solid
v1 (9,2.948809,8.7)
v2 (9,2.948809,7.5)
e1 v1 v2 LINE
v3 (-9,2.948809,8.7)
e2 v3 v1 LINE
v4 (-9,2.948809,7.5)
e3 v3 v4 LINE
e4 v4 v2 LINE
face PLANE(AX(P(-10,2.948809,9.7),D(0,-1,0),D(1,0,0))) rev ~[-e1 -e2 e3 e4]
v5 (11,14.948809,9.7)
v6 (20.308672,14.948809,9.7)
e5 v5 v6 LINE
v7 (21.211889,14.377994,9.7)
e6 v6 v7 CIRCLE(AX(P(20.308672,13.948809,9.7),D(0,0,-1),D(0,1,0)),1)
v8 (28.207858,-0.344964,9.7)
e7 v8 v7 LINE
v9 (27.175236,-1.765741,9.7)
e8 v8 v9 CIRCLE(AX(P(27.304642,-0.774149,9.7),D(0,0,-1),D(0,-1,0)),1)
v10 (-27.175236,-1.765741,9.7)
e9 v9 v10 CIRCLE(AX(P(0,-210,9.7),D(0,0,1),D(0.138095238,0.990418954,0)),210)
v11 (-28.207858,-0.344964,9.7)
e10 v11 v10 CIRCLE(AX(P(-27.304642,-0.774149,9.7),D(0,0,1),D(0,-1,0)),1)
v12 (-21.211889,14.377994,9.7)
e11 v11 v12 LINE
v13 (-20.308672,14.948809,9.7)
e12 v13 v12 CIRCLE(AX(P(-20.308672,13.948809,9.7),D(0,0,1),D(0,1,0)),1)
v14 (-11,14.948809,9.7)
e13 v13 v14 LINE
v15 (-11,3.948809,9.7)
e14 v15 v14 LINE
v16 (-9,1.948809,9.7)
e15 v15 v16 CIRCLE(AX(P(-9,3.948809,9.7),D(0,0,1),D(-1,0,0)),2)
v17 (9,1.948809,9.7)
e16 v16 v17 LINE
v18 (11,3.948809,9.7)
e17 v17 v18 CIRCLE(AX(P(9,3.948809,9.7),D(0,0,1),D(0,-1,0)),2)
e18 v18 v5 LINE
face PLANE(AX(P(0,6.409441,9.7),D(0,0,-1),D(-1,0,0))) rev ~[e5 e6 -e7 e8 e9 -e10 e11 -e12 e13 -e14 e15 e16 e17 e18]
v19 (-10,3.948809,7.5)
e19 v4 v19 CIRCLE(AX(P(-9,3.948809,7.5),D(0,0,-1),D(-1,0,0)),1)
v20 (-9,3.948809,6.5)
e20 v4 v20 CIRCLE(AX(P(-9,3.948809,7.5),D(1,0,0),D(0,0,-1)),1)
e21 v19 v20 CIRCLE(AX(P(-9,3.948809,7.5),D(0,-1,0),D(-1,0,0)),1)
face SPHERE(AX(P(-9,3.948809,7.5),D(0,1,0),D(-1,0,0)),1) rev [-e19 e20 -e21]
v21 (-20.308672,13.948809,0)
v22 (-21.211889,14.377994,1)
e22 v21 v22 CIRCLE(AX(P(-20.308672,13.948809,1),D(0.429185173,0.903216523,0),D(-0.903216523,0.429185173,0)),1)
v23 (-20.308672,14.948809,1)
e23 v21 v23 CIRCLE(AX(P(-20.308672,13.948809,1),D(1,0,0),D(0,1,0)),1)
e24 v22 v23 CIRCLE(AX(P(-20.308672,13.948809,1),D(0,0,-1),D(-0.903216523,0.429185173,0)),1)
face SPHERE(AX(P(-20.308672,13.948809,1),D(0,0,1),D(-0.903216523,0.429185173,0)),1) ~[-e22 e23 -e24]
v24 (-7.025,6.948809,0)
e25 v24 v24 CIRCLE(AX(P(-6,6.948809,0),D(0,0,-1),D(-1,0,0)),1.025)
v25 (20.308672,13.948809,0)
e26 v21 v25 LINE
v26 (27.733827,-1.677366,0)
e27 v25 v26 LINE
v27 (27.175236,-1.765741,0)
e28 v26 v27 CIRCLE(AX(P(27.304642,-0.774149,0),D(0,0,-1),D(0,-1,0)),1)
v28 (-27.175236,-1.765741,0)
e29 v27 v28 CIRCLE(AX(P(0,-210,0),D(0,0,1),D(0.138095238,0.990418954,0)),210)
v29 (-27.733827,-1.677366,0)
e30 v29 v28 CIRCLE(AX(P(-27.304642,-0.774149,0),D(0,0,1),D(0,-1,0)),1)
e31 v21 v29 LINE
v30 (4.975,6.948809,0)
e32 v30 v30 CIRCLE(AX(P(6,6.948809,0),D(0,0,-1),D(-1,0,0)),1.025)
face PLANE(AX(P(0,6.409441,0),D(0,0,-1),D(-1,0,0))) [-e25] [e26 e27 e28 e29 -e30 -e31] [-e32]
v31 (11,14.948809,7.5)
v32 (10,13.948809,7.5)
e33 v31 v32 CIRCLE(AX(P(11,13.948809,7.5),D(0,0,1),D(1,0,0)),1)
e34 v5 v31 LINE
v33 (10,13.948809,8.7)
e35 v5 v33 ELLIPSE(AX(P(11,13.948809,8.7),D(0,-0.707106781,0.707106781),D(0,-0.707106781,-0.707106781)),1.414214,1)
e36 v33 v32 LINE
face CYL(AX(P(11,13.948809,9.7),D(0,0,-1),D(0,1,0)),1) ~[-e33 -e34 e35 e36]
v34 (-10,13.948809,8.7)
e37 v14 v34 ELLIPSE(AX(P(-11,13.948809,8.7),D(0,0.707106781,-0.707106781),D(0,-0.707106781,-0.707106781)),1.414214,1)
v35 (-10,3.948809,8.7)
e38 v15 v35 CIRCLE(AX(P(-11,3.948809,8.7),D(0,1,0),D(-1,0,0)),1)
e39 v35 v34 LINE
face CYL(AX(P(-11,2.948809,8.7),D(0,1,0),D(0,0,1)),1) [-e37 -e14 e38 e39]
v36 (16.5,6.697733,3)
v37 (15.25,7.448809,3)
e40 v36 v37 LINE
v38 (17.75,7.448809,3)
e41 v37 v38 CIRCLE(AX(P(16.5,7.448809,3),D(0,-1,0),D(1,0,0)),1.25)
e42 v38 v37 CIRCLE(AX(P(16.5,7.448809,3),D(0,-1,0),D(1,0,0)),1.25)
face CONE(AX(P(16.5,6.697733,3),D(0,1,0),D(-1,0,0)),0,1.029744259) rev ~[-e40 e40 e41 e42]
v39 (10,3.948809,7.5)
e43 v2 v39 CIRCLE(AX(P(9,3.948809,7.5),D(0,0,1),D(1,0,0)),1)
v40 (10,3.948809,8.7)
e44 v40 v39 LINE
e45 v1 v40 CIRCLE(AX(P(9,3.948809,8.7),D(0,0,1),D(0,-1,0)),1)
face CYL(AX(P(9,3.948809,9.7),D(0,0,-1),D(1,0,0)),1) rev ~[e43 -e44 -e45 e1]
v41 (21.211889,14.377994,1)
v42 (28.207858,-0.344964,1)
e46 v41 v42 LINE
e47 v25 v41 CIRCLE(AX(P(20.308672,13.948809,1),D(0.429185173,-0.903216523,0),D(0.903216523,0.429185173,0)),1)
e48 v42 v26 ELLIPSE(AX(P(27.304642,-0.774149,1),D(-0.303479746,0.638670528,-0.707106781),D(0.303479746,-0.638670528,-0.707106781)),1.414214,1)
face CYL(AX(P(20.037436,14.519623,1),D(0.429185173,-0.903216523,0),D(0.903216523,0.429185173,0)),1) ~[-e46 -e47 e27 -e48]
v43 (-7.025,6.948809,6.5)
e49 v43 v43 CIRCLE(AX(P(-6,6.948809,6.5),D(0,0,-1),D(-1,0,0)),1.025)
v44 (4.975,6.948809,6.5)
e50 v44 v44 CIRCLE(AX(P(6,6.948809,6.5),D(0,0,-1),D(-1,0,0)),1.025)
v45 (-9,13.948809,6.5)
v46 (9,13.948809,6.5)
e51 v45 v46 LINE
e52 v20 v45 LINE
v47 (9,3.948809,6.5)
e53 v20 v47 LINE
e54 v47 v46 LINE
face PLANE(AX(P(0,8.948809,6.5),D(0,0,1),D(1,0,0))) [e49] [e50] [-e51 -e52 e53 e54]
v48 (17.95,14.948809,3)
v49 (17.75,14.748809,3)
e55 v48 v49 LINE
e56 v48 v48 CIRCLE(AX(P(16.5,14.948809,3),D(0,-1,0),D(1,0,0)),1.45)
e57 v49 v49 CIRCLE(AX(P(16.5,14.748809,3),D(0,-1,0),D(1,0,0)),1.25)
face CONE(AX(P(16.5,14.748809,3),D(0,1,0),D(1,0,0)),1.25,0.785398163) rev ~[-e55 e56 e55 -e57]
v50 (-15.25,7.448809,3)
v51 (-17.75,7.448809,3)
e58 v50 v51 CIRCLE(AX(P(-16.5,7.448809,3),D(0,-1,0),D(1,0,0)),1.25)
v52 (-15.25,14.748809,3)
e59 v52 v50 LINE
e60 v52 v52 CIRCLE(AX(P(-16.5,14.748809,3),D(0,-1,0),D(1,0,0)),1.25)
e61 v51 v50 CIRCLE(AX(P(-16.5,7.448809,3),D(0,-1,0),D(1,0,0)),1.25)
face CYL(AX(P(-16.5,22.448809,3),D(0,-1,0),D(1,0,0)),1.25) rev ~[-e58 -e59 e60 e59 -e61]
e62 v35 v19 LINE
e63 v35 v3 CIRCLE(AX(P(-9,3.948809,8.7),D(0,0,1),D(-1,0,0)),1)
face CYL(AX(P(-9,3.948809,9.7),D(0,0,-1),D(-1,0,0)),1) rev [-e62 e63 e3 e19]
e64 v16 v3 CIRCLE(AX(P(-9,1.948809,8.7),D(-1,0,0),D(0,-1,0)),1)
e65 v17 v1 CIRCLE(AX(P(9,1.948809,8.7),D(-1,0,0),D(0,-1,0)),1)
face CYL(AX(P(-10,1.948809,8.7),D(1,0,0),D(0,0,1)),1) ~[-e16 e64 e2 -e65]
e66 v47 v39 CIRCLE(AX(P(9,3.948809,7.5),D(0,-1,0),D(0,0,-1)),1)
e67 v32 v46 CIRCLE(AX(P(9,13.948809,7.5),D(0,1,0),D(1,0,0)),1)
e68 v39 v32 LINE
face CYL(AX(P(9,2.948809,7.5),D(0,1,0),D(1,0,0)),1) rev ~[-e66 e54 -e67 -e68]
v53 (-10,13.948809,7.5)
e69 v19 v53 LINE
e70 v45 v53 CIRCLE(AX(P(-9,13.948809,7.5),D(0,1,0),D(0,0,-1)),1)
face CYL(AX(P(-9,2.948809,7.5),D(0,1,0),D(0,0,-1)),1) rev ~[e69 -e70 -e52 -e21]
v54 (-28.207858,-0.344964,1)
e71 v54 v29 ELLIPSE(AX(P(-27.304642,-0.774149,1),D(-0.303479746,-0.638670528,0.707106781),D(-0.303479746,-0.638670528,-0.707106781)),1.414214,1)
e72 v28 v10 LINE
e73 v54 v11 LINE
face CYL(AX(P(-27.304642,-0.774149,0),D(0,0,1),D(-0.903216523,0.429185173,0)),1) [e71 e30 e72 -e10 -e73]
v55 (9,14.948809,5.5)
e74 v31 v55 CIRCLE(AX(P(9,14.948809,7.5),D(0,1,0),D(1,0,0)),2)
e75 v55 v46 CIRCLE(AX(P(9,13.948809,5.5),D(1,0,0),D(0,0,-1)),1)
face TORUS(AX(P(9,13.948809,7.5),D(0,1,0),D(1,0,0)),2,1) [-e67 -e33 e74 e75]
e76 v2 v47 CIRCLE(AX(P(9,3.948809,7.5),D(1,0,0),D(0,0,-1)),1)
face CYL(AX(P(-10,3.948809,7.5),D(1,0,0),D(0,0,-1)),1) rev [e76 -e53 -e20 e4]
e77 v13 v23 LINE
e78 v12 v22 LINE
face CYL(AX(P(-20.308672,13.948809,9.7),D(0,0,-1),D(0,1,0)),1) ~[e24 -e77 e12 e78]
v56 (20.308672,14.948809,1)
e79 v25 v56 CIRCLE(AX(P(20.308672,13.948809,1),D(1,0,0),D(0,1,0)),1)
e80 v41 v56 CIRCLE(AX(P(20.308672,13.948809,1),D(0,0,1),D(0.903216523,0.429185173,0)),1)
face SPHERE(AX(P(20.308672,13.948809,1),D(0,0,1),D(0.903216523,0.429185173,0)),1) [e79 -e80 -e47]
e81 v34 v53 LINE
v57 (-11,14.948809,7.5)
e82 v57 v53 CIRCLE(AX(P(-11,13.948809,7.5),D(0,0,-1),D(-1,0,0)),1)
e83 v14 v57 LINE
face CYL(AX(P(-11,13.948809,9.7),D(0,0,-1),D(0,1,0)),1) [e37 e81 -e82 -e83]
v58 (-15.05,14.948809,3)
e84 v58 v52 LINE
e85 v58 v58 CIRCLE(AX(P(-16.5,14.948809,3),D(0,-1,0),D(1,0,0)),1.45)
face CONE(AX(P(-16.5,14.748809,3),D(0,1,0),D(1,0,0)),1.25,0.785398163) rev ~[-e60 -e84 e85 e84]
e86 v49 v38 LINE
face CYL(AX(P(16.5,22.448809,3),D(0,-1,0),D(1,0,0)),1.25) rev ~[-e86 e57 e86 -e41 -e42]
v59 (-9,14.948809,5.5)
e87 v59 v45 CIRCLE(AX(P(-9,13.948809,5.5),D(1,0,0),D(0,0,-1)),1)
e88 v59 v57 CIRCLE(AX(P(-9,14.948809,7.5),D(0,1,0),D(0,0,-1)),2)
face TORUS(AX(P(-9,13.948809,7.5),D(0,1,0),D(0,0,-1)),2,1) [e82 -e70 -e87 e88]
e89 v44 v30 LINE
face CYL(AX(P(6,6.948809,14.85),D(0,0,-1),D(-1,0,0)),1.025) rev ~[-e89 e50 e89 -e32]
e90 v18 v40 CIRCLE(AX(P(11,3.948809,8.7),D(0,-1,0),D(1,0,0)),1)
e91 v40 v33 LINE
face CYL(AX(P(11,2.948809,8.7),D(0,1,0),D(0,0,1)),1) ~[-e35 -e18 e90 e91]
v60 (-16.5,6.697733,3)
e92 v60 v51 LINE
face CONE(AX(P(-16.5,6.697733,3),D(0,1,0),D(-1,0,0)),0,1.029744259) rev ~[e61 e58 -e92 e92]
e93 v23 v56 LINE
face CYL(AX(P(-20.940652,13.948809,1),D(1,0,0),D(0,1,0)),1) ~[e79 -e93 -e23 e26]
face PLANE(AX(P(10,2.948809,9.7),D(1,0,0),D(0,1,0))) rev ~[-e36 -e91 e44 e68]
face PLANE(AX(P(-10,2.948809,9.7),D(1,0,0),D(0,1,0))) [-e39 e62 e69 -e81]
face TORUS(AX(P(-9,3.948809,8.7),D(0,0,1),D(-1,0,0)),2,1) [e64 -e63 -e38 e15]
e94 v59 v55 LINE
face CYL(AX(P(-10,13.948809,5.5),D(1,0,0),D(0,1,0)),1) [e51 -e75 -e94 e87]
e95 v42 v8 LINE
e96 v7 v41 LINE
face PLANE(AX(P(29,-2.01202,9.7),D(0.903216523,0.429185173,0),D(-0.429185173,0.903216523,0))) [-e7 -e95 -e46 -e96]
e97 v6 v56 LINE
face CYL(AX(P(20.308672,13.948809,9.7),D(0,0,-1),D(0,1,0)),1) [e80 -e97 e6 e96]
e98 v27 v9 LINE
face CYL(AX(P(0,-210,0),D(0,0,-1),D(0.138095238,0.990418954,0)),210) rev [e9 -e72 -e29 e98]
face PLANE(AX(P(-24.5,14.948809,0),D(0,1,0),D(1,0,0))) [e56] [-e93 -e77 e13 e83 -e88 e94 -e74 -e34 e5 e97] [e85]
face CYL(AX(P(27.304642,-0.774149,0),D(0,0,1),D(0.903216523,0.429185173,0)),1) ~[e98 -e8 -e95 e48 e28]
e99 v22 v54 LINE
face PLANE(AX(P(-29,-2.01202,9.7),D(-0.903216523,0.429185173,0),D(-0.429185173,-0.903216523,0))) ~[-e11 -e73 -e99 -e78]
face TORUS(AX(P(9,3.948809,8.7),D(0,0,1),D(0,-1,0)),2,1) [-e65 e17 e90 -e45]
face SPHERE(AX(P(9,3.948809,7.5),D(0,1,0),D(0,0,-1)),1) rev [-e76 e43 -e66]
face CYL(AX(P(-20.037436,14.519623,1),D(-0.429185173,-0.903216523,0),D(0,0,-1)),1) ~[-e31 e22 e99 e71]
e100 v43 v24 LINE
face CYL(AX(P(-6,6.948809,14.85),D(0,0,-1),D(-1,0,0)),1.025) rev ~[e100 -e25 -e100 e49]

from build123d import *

# Parameters (mm, degrees)
SKETCH_1_R               = 0.5
EXTRUDE_1_DEPTH          = 9.7
HOLE_WIZARD_M3_1_D       = 2.5
HOLE_WIZARD_M3_1_DEPTH   = 7.5
HOLE_WIZARD_M3_1_TIP     = 0.751075774
CUT_EXTRUDE_2_DEPTH      = 35.037580378
CHAMFER_1_SIZE           = 0.5
CHAMFER_2_SIZE           = 0.2
SKETCH_11_W              = 20
SKETCH_11_H              = 12
CUT_EXTRUDE_3_DEPTH      = 3.2
FILLET_2_R               = 1
FILLET_3_R               = 1
HOLE_WIZARD_M2_5_3_D     = 2.05
HOLE_WIZARD_M2_5_3_DEPTH = 8.35
HOLE_WIZARD_M2_5_3_TIP   = 0.615882135


with BuildPart() as part:
    # 草图1 → 凸台-拉伸1 (new body)
    with BuildSketch(Plane.XY):
        with BuildLine():
            Line((-22, 14.94880858), (22, 14.94880858))
            Line((22, 14.94880858), (24.5, 14.94880858))
            Line((24.5, 14.94880858), (29, -2.012019578))
            ThreePointArc((29, -2.012019578), (0, 0), (-29, -2.012019578))
            Line((-29, -2.012019578), (-24.5, 14.94880858))
            Line((-24.5, 14.94880858), (-22, 14.94880858))
        make_face()
        with Locations((-6, 6.94880858)):
            Circle(SKETCH_1_R, mode=Mode.SUBTRACT)
        with Locations((6, 6.94880858)):
            Circle(SKETCH_1_R, mode=Mode.SUBTRACT)
    extrude(amount=EXTRUDE_1_DEPTH)

    # M3 螺纹孔1
    with Locations(Plane(origin=(0, 14.94880858, 0), x_dir=(-1, 0, 0), z_dir=(0, 1, 0))):
        with Locations((-16.5, 3), (16.5, 3)):
            Hole(HOLE_WIZARD_M3_1_D / 2, depth=HOLE_WIZARD_M3_1_DEPTH)
            with Locations((0, 0, -(HOLE_WIZARD_M3_1_DEPTH + HOLE_WIZARD_M3_1_TIP / 2))):  # 118° drill point
                Cone(0, HOLE_WIZARD_M3_1_D / 2, HOLE_WIZARD_M3_1_TIP, mode=Mode.SUBTRACT)

    # 草图10 → 切除-拉伸2 (cut, through all)
    with BuildSketch(Plane.XY.offset(9.7)):
        Polygon((29, -2.012019578), (20.914837438, 15.00313582), (24.5, 14.94880858), align=None)
    cut_extrude_2 = extrude(amount=-CUT_EXTRUDE_2_DEPTH, mode=Mode.SUBTRACT)

    # 镜向1: 切除-拉伸2 across plane
    add(cut_extrude_2.mirror(Plane(origin=(0, 0, 0), x_dir=(0, 0, 1), z_dir=(1, 0, 0))), mode=Mode.SUBTRACT)

    # 倒角1
    chamfer_1_edges = [part.edges().sort_by_distance(p)[0] for p in [
        (-6.5, 6.94880858, 0),
        (-6.5, 6.94880858, 9.7),
        (5.5, 6.94880858, 0),
        (5.5, 6.94880858, 9.7),
    ]]
    chamfer(chamfer_1_edges, length=CHAMFER_1_SIZE)

    # 倒角2
    chamfer_2_edges = [part.edges().sort_by_distance(p)[0] for p in [
        (-17.75, 14.94880858, 3),
        (15.25, 14.94880858, 3),
    ]]
    chamfer(chamfer_2_edges, length=CHAMFER_2_SIZE)

    # 草图11 → 切除-拉伸3 (cut)
    with BuildSketch(Plane.XY.offset(9.7)):
        with Locations((0, 8.94880858)):
            Rectangle(SKETCH_11_W, SKETCH_11_H)
    extrude(amount=-CUT_EXTRUDE_3_DEPTH, mode=Mode.SUBTRACT)

    # 圆角2
    fillet_2_edges = [part.edges().sort_by_distance(p)[0] for p in [
        (-10, 8.94880858, 6.5),
        (-10, 2.94880858, 8.1),
        (0, 14.94880858, 6.5),
        (-10, 14.94880858, 8.1),
        (10, 8.94880858, 6.5),
        (10, 14.94880858, 8.1),
        (0, 2.94880858, 6.5),
        (10, 2.94880858, 8.1),
        (-10, 8.94880858, 9.7),
        (0, 2.94880858, 9.7),
        (10, 8.94880858, 9.7),
    ]]
    fillet(fillet_2_edges, radius=FILLET_2_R)

    # 圆角3
    fillet_3_edges = [part.edges().sort_by_distance(p)[0] for p in [
        (29, -2.012019578, 4.85),
        (-29, -2.012019578, 4.85),
        (0, 14.94880858, 0),
        (20.94065234, 14.94880858, 4.85),
        (24.97032617, 6.468394501, 0),
        (-20.94065234, 14.94880858, 4.85),
        (-24.97032617, 6.468394501, 0),
    ]]
    fillet(fillet_3_edges, radius=FILLET_3_R)

    # M2.5 螺纹孔3
    with Locations(Plane(origin=(6, 6.94880858, 6.5), x_dir=(1, 0, 0), z_dir=(0, 0, 1))):
        with Locations((0, 0), (-12, 0)):
            Hole(HOLE_WIZARD_M2_5_3_D / 2, depth=HOLE_WIZARD_M2_5_3_DEPTH)
            with Locations((0, 0, -(HOLE_WIZARD_M2_5_3_DEPTH + HOLE_WIZARD_M2_5_3_TIP / 2))):  # 118° drill point
                Cone(0, HOLE_WIZARD_M2_5_3_D / 2, HOLE_WIZARD_M2_5_3_TIP, mode=Mode.SUBTRACT)


solid = part.part
